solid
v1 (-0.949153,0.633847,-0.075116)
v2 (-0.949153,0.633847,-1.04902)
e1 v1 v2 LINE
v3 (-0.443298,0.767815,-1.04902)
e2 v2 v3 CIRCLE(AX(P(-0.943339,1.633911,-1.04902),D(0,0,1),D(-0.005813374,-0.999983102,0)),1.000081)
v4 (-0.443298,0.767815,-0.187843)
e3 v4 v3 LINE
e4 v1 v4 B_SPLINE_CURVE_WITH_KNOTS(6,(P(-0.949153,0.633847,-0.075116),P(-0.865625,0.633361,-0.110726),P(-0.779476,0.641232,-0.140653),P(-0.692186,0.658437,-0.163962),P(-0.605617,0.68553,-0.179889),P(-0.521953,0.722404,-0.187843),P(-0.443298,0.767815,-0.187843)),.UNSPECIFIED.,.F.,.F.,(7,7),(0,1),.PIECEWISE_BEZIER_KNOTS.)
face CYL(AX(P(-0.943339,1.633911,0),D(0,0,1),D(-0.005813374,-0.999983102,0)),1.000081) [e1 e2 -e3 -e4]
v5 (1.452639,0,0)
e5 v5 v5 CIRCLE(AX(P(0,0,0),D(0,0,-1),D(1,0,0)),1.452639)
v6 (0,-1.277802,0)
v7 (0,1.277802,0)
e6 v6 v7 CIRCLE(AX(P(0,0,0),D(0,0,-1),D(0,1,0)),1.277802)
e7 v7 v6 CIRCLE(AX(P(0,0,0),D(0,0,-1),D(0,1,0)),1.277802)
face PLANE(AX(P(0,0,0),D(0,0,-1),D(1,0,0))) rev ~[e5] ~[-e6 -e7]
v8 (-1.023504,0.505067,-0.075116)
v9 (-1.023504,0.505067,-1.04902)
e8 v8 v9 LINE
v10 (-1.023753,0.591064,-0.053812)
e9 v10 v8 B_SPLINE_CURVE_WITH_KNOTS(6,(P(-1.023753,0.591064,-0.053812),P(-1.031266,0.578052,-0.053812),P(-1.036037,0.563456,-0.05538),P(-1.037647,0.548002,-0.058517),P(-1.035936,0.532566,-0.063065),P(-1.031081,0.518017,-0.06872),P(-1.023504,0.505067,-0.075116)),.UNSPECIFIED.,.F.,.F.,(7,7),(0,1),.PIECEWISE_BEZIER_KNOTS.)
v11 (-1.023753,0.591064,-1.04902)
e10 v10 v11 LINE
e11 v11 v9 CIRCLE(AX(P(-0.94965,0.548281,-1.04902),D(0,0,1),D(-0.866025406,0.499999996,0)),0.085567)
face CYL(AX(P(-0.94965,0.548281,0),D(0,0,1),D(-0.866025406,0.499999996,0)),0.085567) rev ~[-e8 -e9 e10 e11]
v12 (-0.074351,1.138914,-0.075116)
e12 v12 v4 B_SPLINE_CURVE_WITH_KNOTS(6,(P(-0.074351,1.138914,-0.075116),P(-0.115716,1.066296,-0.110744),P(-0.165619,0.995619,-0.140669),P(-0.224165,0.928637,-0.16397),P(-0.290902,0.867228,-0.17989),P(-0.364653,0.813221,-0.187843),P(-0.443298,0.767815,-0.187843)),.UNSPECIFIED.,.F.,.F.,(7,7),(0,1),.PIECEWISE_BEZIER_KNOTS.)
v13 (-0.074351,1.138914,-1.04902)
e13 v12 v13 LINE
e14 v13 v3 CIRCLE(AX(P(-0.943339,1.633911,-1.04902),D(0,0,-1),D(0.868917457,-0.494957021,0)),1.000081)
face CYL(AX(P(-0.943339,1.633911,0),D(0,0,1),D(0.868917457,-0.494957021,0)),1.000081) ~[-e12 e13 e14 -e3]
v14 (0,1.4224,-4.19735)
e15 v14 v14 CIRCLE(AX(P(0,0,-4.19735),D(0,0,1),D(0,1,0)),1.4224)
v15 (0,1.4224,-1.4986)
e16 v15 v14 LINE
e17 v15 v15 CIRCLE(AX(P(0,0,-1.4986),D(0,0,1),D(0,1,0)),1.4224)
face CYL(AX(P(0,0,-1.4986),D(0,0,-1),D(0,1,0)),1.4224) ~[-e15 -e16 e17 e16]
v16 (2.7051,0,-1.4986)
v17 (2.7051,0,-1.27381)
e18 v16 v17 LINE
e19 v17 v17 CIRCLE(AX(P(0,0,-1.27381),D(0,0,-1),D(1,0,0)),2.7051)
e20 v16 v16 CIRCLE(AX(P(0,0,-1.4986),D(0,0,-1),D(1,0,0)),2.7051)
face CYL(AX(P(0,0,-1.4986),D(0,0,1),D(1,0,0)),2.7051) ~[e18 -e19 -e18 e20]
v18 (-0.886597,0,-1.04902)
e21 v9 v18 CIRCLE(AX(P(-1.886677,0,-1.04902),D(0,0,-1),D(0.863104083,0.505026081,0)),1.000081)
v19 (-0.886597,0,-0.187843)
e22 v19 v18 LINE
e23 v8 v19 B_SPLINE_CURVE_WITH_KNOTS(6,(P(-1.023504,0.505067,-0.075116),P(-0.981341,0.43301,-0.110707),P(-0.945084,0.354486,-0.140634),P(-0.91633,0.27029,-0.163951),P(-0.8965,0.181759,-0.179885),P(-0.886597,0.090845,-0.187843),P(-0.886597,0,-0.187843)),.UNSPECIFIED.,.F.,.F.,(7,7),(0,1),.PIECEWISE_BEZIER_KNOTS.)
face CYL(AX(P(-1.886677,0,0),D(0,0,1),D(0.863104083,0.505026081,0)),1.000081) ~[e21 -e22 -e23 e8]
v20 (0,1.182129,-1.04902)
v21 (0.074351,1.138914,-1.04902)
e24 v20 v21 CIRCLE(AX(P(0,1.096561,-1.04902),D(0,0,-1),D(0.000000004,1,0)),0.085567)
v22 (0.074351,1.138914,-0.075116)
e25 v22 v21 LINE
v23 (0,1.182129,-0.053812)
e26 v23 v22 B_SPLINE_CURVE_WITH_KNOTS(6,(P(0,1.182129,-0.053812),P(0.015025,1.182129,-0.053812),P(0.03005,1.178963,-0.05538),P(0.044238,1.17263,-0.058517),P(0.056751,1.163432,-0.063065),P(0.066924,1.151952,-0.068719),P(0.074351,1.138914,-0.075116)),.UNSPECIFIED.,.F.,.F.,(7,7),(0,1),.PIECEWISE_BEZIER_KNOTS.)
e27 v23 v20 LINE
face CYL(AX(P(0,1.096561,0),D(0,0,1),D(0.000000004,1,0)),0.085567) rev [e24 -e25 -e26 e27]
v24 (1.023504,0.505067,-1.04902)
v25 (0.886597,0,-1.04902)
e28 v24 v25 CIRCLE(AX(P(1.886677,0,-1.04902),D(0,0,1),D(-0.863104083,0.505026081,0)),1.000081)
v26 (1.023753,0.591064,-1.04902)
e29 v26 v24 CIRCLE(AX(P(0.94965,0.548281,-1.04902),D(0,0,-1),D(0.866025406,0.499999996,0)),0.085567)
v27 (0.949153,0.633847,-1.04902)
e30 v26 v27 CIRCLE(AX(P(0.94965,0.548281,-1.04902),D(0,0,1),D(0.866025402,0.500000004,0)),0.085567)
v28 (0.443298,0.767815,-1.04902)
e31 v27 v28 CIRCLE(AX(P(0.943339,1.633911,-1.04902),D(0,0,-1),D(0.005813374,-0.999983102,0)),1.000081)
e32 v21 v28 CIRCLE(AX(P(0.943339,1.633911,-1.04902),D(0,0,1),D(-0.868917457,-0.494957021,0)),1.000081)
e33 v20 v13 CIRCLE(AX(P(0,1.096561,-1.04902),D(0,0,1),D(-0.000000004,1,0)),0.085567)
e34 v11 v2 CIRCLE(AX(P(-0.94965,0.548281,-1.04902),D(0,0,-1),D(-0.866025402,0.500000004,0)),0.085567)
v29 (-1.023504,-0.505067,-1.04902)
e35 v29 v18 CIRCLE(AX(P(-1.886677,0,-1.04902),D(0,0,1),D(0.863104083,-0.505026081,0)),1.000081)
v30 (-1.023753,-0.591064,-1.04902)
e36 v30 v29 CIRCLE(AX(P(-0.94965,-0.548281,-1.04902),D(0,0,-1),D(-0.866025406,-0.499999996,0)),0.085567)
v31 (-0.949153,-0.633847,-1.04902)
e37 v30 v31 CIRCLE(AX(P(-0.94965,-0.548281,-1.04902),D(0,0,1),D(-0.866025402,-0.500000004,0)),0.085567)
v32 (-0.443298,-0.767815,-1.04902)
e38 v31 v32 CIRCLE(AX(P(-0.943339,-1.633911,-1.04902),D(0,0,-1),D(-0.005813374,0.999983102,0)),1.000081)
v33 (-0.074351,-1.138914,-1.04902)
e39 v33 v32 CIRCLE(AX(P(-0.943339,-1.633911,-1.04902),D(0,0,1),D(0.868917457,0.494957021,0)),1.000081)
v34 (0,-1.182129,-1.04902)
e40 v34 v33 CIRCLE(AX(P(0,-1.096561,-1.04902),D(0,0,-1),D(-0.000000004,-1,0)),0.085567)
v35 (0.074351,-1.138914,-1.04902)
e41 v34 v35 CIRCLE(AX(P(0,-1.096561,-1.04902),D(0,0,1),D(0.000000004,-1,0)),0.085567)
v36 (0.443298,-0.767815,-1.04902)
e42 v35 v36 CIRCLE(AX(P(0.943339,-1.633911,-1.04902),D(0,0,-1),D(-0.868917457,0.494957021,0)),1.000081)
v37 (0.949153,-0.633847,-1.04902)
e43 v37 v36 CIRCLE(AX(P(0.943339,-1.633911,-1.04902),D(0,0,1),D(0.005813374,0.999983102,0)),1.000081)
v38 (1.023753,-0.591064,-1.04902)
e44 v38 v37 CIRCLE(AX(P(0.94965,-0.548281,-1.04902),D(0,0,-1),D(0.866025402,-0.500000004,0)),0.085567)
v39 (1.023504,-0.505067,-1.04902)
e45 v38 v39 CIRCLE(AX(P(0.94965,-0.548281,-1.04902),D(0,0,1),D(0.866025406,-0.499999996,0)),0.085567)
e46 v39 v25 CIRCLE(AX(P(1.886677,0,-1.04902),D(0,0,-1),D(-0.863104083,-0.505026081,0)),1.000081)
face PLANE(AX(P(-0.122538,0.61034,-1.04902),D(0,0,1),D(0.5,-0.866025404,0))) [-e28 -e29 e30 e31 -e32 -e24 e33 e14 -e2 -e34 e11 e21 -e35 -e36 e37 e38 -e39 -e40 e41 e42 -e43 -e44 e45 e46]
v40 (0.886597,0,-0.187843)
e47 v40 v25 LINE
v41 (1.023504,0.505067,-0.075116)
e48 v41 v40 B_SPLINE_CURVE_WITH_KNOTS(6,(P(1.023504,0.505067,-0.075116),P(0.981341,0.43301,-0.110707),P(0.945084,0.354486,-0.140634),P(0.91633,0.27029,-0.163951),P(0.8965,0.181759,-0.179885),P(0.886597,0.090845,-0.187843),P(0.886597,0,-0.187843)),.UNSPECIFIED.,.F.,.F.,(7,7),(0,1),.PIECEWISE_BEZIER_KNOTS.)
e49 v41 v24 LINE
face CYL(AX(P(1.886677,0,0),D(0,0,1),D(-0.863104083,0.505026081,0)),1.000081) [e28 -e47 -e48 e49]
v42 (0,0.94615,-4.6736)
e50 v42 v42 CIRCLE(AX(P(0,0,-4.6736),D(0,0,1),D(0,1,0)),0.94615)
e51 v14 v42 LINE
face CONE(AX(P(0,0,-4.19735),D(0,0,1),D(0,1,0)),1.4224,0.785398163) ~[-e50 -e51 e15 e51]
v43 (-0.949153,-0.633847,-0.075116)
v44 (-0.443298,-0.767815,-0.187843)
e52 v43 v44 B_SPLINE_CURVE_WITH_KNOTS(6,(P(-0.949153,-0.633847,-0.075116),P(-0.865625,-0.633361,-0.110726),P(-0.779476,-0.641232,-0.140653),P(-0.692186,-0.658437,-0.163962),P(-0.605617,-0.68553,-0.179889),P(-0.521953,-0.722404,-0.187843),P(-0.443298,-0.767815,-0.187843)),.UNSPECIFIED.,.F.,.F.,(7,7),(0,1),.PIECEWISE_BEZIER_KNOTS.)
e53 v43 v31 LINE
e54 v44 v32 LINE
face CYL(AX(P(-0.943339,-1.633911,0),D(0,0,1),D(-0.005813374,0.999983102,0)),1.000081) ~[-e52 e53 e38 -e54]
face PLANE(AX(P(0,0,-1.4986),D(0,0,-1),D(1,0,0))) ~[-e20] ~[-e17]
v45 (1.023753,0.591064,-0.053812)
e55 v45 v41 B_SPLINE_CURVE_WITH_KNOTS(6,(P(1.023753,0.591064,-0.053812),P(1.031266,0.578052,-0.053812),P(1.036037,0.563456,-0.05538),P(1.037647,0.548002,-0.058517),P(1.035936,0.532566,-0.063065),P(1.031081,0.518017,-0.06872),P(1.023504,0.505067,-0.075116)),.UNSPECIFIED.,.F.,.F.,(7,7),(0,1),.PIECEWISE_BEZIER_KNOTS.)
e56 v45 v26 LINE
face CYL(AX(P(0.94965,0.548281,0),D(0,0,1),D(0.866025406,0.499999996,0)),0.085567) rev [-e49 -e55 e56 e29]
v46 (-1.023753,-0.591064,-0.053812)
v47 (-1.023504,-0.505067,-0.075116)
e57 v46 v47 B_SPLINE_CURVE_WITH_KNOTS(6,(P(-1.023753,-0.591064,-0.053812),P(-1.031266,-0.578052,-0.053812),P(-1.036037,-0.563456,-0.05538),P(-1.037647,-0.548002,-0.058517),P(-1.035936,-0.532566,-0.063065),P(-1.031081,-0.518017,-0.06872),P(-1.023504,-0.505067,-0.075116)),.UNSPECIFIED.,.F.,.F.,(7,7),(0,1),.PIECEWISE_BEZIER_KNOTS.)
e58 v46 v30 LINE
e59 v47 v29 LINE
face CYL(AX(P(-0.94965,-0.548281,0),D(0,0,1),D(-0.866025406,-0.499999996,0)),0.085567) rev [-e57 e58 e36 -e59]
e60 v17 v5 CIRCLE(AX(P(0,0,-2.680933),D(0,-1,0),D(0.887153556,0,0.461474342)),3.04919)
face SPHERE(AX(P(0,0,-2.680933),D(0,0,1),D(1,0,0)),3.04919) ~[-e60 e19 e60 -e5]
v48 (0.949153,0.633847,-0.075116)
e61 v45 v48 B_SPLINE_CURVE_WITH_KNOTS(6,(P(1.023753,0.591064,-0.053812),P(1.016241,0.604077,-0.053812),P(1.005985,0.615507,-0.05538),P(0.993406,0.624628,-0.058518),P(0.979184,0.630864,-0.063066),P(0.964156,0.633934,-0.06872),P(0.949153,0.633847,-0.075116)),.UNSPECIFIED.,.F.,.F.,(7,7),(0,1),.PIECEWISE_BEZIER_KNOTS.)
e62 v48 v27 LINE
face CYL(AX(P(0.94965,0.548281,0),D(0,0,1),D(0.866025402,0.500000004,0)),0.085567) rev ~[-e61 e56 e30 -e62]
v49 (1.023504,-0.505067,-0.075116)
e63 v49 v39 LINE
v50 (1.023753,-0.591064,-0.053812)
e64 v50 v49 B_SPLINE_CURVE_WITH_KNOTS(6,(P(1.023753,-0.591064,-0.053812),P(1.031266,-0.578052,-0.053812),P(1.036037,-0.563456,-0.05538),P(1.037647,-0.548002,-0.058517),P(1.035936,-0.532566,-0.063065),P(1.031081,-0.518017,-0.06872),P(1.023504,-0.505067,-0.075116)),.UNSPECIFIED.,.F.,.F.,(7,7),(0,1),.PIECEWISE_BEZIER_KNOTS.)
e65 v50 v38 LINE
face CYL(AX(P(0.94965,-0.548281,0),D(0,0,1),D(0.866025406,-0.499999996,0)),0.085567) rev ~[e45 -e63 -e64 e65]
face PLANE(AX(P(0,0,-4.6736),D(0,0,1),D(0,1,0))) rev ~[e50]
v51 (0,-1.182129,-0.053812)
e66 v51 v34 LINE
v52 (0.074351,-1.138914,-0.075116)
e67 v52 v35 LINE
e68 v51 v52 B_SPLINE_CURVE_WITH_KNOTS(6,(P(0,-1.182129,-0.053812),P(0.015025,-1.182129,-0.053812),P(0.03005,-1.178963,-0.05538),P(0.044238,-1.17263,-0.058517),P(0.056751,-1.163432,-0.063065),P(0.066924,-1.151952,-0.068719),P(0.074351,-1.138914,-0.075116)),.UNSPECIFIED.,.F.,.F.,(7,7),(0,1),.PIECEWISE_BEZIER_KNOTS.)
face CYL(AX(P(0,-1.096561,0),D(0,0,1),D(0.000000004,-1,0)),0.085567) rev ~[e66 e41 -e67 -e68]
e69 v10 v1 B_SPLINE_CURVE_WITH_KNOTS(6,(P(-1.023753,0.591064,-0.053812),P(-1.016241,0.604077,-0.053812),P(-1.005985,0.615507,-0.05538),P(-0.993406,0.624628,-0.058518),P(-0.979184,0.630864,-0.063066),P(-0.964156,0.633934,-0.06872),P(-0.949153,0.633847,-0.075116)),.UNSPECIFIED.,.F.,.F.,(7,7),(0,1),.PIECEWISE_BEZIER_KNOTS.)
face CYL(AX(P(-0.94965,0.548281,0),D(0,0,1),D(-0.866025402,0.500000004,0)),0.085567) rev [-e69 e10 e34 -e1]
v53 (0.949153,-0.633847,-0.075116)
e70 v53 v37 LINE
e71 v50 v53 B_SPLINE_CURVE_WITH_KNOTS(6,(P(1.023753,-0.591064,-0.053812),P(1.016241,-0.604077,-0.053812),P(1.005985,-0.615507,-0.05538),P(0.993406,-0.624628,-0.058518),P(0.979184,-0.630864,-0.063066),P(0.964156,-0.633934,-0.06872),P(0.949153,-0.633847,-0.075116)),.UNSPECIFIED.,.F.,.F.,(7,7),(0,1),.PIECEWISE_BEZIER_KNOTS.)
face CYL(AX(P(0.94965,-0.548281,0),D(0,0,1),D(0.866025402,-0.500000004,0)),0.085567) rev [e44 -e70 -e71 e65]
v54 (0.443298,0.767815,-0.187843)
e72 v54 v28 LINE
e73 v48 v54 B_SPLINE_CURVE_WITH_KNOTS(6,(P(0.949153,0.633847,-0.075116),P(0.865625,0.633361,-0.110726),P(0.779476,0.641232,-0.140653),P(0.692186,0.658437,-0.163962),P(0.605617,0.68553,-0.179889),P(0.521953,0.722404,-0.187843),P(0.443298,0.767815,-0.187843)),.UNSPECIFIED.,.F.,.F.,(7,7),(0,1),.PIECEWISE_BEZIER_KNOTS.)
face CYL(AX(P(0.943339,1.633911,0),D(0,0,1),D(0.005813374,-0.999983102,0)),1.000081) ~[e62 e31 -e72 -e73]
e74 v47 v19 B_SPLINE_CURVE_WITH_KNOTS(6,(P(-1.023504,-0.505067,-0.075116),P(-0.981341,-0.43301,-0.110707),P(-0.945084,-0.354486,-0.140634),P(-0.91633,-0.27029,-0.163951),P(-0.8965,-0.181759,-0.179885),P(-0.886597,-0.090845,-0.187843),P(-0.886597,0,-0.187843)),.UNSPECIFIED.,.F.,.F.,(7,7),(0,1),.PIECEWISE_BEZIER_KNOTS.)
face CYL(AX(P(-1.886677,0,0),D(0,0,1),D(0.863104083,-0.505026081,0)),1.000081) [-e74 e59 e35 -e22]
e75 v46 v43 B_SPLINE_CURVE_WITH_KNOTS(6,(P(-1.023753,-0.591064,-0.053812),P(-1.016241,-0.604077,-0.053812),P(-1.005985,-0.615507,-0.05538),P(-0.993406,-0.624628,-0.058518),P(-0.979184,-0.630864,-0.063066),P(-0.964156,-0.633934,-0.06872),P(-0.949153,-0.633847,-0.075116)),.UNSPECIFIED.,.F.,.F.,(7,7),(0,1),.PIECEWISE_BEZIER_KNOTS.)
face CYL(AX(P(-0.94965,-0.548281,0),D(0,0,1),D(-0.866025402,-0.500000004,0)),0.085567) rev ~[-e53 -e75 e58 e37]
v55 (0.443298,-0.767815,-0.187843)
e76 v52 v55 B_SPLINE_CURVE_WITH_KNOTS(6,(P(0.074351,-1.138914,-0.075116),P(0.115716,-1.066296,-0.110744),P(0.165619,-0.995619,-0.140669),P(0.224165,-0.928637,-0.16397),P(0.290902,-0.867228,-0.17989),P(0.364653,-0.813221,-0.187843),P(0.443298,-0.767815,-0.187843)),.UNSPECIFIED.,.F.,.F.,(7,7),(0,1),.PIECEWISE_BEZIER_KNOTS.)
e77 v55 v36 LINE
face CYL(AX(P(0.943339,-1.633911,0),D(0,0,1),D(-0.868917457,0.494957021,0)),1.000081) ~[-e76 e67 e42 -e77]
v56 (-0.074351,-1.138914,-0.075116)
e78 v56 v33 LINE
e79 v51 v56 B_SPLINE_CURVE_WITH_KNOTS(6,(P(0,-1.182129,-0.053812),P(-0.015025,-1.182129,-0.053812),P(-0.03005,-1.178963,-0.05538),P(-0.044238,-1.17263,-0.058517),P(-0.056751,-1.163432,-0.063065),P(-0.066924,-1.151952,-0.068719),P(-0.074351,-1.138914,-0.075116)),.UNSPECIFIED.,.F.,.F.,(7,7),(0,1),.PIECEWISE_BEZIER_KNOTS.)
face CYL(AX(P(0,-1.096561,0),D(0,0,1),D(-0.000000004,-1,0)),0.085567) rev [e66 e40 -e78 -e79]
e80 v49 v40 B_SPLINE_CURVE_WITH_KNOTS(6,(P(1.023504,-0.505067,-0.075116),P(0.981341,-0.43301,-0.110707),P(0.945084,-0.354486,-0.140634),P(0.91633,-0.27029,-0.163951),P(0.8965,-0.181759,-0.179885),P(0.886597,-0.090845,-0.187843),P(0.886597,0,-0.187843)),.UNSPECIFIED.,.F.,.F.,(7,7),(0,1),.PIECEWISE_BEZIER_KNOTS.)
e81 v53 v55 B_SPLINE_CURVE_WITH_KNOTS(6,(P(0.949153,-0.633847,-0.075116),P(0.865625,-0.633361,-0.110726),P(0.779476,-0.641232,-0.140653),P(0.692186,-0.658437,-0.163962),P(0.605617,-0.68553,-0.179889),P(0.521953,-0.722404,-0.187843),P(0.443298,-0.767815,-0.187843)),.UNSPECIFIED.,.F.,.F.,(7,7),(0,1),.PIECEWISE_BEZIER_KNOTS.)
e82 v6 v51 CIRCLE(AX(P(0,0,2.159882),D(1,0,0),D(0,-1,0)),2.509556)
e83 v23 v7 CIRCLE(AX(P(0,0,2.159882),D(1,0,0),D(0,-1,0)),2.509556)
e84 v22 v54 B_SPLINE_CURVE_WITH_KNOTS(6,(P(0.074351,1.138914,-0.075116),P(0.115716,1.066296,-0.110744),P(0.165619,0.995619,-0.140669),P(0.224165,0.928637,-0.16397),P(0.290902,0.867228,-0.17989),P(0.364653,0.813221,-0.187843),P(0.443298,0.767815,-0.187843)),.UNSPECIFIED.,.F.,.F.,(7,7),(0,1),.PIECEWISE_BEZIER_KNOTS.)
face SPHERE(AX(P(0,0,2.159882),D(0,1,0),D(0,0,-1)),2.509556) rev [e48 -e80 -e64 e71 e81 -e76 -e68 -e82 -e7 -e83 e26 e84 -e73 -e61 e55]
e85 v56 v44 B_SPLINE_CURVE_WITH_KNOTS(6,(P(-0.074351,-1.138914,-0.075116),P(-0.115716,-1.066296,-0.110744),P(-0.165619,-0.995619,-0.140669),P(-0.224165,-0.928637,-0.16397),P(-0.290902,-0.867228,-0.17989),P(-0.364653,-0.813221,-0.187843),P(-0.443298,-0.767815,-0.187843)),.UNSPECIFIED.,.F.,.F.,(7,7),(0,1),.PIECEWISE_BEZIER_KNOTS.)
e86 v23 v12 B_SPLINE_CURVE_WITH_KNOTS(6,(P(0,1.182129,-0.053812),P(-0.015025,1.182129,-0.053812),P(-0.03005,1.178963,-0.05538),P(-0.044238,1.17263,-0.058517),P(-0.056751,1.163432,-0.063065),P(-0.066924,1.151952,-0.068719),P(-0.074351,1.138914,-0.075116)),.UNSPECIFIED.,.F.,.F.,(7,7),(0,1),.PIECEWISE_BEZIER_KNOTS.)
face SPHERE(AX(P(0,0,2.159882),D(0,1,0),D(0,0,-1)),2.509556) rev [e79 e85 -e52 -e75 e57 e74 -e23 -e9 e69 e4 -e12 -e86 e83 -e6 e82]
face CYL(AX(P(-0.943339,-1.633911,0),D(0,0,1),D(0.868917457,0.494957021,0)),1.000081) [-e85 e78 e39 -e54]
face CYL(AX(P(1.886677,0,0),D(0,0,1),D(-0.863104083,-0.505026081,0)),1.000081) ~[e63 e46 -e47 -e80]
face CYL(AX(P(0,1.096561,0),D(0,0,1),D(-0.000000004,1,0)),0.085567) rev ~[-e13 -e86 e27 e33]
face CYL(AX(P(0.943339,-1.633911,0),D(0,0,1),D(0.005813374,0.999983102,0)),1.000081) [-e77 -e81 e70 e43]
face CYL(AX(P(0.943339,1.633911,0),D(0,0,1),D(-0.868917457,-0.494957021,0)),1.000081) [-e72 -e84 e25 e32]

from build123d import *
from build123d.topology import SkipClean

# Parameters (mm, degrees)
CUT_EXTRUDE1_DEPTH       = 1.04902
CIRPATTERN1_COUNT        = 6
CIRPATTERN1_COPY_1_DEPTH = 1.04902
CIRPATTERN1_COPY_2_DEPTH = 1.04902
CIRPATTERN1_COPY_3_DEPTH = 1.04902
CIRPATTERN1_COPY_4_DEPTH = 1.04902
CIRPATTERN1_COPY_5_DEPTH = 1.04902


with BuildPart() as part:
    # Sketch2 → Revolve1 (revolve)
    with BuildSketch(Plane(origin=(0, 0, 0), x_dir=(0, 0, -1), z_dir=(1, 0, 0))):
        Polygon((1.4986, 1.4224), (4.19735, 1.4224), (4.6736, 0.94615), (4.6736, 0), (1.4986, 0), align=None)
    revolve(axis=Axis((0, 0, -4.6736), (0, 0, 1)))


with BuildPart() as body_2:
    # Sketch3 → Revolve2 (revolve)
    with BuildSketch(Plane(origin=(0, 0, 0), x_dir=(0, 0, -1), z_dir=(1, 0, 0))):
        with BuildLine():
            Line((1.4986, 0), (1.4986, 2.7051))
            Line((1.4986, 2.7051), (1.27381, 2.7051))
            ThreePointArc((1.27381, 2.7051), (0.543126817, 2.17424602), (0, 1.4526387))
            Line((0, 1.4526387), (0, 0))
            Line((0, 0), (1.4986, 0))
        make_face()
    revolve(axis=Axis((0, 0, 0), (0, 0, -1)))

    # Combine1: union part
    add(part.part)

    # Sketch4 → Cut-Extrude1 (cut)
    with BuildSketch(Plane.XY):
        with BuildLine():
            Line((-0.886596525, 0), (0, 0))
            Line((0, 0), (-1.023753485, 0.59106435))
            ThreePointArc((-1.023753485, 0.59106435), (-1.035216975, 0.548031955), (-1.023503515, 0.505066928))
            ThreePointArc((-1.023503515, 0.505066928), (-0.921429906, 0.261646769), (-0.886596525, 0))
        make_face()
    cut_extrude1 = extrude(amount=-CUT_EXTRUDE1_DEPTH, mode=Mode.SUBTRACT)

    # Mirror1: Cut-Extrude1 across plane
    add(cut_extrude1.mirror(Plane.ZX), mode=Mode.SUBTRACT)

    # CirPattern1: Cut-Extrude1 ×6 about axis
    cirpattern1_axis = Axis((0, 0, -4.6736), (0, 0, -1))
    for i in range(1, CIRPATTERN1_COUNT):
        add(cut_extrude1.rotate(cirpattern1_axis, i * 360 / CIRPATTERN1_COUNT), mode=Mode.SUBTRACT)

    # CirPattern1 copy 1 sketch → CirPattern1 copy 1 (cut)
    with BuildSketch(Plane(origin=(0, 0, 0), x_dir=(0.5000000000000001, -0.8660254037844386, 0), z_dir=(0, 0, 1))):
        with BuildLine():
            Line((-0.886596525, 0), (0, 0))
            Line((0, 0), (-1.023753485, -0.59106435))
            ThreePointArc((-1.023753485, -0.59106435), (-1.035216975, -0.548031955), (-1.023503515, -0.505066928))
            ThreePointArc((-1.023503515, -0.505066928), (-0.921429906, -0.261646769), (-0.886596525, 0))
        make_face()
    extrude(amount=-CIRPATTERN1_COPY_1_DEPTH, mode=Mode.SUBTRACT)

    # CirPattern1 copy 2 sketch → CirPattern1 copy 2 (cut)
    with BuildSketch(Plane(origin=(0, 0, 0), x_dir=(-0.4999999999999998, -0.8660254037844387, 0), z_dir=(0, 0, 1))):
        with BuildLine():
            Line((-0.886596525, 0), (0, 0))
            Line((0, 0), (-1.023753485, -0.59106435))
            ThreePointArc((-1.023753485, -0.59106435), (-1.035216975, -0.548031955), (-1.023503515, -0.505066928))
            ThreePointArc((-1.023503515, -0.505066928), (-0.921429906, -0.261646769), (-0.886596525, 0))
        make_face()
    extrude(amount=-CIRPATTERN1_COPY_2_DEPTH, mode=Mode.SUBTRACT)

    # CirPattern1 copy 3 sketch → CirPattern1 copy 3 (cut)
    with BuildSketch(Plane(origin=(0, 0, 0), x_dir=(-1, 0, 0), z_dir=(0, 0, 1))):
        with BuildLine():
            Line((-0.886596525, 0), (0, 0))
            Line((0, 0), (-1.023753485, -0.59106435))
            ThreePointArc((-1.023753485, -0.59106435), (-1.035216975, -0.548031955), (-1.023503515, -0.505066928))
            ThreePointArc((-1.023503515, -0.505066928), (-0.921429906, -0.261646769), (-0.886596525, 0))
        make_face()
    extrude(amount=-CIRPATTERN1_COPY_3_DEPTH, mode=Mode.SUBTRACT)

    # CirPattern1 copy 4 sketch → CirPattern1 copy 4 (cut)
    with BuildSketch(Plane(origin=(0, 0, 0), x_dir=(-0.5000000000000004, 0.8660254037844384, 0), z_dir=(0, 0, 1))):
        with BuildLine():
            Line((-0.886596525, 0), (0, 0))
            Line((0, 0), (-1.023753485, -0.59106435))
            ThreePointArc((-1.023753485, -0.59106435), (-1.035216975, -0.548031955), (-1.023503515, -0.505066928))
            ThreePointArc((-1.023503515, -0.505066928), (-0.921429906, -0.261646769), (-0.886596525, 0))
        make_face()
    extrude(amount=-CIRPATTERN1_COPY_4_DEPTH, mode=Mode.SUBTRACT)

    # CirPattern1 copy 5 sketch → CirPattern1 copy 5 (cut)
    with BuildSketch(Plane(origin=(0, 0, 0), x_dir=(0.5000000000000001, 0.8660254037844386, 0), z_dir=(0, 0, 1))):
        with BuildLine():
            Line((-0.886596525, 0), (0, 0))
            Line((0, 0), (-1.023753485, -0.59106435))
            ThreePointArc((-1.023753485, -0.59106435), (-1.035216975, -0.548031955), (-1.023503515, -0.505066928))
            ThreePointArc((-1.023503515, -0.505066928), (-0.921429906, -0.261646769), (-0.886596525, 0))
        make_face()
    extrude(amount=-CIRPATTERN1_COPY_5_DEPTH, mode=Mode.SUBTRACT)

    # Sketch5 → Cut-Revolve1 (revolve, cut)
    with SkipClean():  # the faces are left unmerged after this step: merging them gives an invalid solid
        with BuildSketch(Plane(origin=(0, 0, 0), x_dir=(0, 0, -1), z_dir=(1, 0, 0))):
            with BuildLine():
                Line((-2.159882457, 2.50955579), (-2.159882457, -2.50955579))
                ThreePointArc((-2.159882457, -2.50955579), (0.349673333, 0), (-2.159882457, 2.50955579))
            make_face()
        revolve(axis=Axis((0, 2.50955579, 2.159882457), (0, -1, 0)), mode=Mode.SUBTRACT)


solid = body_2.part
